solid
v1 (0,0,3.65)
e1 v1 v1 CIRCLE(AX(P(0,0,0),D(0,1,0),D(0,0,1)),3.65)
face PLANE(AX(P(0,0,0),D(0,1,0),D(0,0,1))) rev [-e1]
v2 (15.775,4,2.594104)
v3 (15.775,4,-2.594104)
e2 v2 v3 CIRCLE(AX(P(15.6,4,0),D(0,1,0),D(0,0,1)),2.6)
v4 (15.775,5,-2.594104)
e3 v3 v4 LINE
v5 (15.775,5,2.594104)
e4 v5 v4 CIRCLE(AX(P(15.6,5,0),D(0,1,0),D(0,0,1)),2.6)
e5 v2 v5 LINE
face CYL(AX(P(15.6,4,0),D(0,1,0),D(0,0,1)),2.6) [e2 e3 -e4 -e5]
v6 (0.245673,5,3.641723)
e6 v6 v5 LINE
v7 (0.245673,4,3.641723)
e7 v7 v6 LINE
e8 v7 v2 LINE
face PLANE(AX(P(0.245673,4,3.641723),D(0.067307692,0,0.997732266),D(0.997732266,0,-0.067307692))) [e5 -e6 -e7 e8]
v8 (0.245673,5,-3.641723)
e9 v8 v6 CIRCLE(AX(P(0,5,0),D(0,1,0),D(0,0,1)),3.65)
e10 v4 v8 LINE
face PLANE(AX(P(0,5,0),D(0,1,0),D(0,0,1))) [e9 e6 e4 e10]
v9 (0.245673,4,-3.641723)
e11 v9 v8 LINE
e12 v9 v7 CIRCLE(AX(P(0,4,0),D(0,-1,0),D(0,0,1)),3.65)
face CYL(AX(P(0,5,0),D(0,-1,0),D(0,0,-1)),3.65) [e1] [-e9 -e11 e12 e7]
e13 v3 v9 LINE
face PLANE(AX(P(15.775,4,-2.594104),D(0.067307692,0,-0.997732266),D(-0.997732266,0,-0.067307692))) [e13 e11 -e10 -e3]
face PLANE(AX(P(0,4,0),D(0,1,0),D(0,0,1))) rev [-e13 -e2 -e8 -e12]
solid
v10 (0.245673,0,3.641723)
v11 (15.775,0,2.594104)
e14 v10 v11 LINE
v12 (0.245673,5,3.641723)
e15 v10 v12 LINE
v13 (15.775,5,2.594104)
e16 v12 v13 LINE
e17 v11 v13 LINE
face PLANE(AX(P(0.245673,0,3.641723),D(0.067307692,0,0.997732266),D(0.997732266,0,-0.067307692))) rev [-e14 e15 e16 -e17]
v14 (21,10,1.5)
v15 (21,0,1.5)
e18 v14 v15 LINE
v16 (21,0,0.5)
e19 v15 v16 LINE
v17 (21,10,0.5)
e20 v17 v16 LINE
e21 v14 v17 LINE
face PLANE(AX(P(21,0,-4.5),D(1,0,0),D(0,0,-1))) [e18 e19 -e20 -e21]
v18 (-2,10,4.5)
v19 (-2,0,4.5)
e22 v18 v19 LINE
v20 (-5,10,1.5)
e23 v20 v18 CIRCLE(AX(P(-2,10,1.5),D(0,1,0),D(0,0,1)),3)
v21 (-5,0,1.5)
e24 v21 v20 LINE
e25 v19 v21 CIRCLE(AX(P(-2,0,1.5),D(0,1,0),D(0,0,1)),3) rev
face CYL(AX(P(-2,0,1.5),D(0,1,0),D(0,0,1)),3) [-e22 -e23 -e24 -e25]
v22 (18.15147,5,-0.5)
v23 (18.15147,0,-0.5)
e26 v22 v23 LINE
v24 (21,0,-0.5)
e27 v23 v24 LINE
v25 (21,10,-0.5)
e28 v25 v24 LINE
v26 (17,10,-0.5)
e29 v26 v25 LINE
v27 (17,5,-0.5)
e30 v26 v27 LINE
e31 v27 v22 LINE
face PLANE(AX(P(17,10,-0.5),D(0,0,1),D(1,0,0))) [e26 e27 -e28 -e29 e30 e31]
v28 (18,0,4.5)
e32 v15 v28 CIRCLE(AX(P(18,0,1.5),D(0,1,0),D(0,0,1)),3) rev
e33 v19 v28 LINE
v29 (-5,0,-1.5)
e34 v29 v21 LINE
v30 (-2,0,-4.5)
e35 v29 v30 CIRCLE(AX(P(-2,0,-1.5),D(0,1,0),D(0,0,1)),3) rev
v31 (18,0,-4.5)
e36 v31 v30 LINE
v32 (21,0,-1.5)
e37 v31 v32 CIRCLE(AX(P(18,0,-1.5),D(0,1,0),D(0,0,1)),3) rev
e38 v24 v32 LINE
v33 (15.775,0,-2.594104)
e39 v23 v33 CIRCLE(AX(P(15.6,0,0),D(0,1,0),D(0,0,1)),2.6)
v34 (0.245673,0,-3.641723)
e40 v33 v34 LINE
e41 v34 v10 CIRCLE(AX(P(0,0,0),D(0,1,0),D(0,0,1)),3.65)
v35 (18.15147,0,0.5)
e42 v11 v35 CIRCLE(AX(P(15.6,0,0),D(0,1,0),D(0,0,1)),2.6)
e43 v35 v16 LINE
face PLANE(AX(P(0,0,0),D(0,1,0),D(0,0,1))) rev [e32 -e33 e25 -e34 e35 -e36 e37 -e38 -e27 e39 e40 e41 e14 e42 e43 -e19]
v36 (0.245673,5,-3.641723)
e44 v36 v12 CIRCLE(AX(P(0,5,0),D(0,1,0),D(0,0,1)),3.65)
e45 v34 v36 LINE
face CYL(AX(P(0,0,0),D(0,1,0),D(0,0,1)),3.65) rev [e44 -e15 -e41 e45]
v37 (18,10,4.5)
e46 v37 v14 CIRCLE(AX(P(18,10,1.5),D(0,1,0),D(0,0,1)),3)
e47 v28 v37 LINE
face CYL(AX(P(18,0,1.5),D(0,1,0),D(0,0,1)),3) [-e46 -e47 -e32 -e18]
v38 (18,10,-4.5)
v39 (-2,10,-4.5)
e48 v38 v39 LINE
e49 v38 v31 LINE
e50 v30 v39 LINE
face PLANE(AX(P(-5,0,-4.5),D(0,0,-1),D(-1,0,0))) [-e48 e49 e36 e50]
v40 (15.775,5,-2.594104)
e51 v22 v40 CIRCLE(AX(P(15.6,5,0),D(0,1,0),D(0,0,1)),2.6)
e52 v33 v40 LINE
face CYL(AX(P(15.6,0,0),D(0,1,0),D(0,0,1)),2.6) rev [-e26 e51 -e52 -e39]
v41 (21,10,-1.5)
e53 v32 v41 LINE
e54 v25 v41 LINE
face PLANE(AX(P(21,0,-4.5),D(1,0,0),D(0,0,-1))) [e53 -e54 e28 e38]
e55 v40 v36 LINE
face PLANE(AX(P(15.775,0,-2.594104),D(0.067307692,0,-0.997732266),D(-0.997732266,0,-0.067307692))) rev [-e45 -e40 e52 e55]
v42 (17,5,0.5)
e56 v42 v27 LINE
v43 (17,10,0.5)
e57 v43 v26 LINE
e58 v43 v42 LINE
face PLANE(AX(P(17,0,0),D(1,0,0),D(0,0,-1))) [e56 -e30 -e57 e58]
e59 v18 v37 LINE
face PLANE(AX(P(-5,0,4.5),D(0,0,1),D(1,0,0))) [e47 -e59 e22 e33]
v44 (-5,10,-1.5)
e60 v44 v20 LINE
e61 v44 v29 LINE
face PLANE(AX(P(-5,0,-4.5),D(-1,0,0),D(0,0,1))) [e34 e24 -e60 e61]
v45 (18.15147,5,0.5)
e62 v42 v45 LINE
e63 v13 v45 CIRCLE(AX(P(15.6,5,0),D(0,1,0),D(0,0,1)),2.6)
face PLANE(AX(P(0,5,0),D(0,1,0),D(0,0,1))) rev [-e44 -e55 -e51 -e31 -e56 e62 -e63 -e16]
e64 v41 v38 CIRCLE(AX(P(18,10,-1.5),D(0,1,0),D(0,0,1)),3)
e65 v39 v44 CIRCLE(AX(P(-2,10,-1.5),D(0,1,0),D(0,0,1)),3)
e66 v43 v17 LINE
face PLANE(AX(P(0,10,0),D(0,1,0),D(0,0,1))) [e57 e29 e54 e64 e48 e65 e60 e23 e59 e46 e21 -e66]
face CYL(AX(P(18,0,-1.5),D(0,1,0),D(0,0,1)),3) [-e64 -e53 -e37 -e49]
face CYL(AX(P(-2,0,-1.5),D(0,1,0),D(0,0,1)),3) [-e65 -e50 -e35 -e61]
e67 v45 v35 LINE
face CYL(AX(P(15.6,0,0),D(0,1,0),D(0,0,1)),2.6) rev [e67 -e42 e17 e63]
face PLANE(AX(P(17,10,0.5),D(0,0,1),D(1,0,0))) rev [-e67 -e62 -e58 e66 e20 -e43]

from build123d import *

# Parameters (mm, degrees)
SKETCH1_R               = 3.65
BOSS_EXTRUDE1_DEPTH     = 5
BOSS_EXTRUDE2_START     = -1
BOSS_EXTRUDE2_DEPTH     = 1
SKETCH4_W               = 26
SKETCH4_H               = 9
BOSS_EXTRUDE3_DEPTH     = 5
SKETCH5_W               = 26
SKETCH5_H               = 9
BOSS_EXTRUDE4_DEPTH     = 5
SKETCH6_W               = 1
SKETCH6_H               = 10
CUT_EXTRUDE_THIN1_DEPTH = 4
FILLET1_R               = 3
FILLET2_R               = 3


with BuildPart() as part:
    # Sketch1 → Boss-Extrude1 (new body)
    with BuildSketch(Plane(origin=(0, 0, 0), x_dir=(1, 0, 0), z_dir=(0, 1, 0))):
        with Locations(Location((0, 0, 0), (0, 0, 270))):
            Circle(SKETCH1_R)
    extrude(amount=BOSS_EXTRUDE1_DEPTH)

    # Sketch3 → Boss-Extrude2 (add)
    with BuildSketch(Plane(origin=(0, 5, 0), x_dir=(1, 0, 0), z_dir=(0, 1, 0)).offset(BOSS_EXTRUDE2_START)):
        with BuildLine():
            Line((0.245673077, -3.641722771), (15.775, -2.594103892))
            ThreePointArc((15.775, -2.594103892), (18.2, 0), (15.775, 2.594103892))
            Line((15.775, 2.594103892), (0.245673077, 3.641722771))
            ThreePointArc((0.245673077, 3.641722771), (3.65, 0), (0.245673077, -3.641722771))
        make_face()
    extrude(amount=BOSS_EXTRUDE2_DEPTH)


with BuildPart() as body_2:
    # Sketch4 → Boss-Extrude3 (new body)
    with BuildSketch(Plane(origin=(0, 5, 0), x_dir=(1, 0, 0), z_dir=(0, 1, 0))):
        with Locations((8, 0)):
            Rectangle(SKETCH4_W, SKETCH4_H)
        with BuildLine():
            Line((0.245673077, -3.641722771), (15.775, -2.594103892))
            ThreePointArc((15.775, -2.594103892), (18.2, 0), (15.775, 2.594103892))
            Line((15.775, 2.594103892), (0.245673077, 3.641722771))
            ThreePointArc((0.245673077, 3.641722771), (-3.65, 0), (0.245673077, -3.641722771))
        make_face(mode=Mode.SUBTRACT)
    extrude(amount=-BOSS_EXTRUDE3_DEPTH)

    # Sketch5 → Boss-Extrude4 (add)
    with BuildSketch(Plane(origin=(0, 5, 0), x_dir=(1, 0, 0), z_dir=(0, 1, 0))):
        with Locations((8, 0)):
            Rectangle(SKETCH5_W, SKETCH5_H)
    extrude(amount=BOSS_EXTRUDE4_DEPTH)

    # Sketch6 → Cut-Extrude-Thin1 (cut)
    with BuildSketch(Plane(origin=(21, 0, 0), x_dir=(0, 0, -1), z_dir=(1, 0, 0))):
        with Locations((0, 5)):
            Rectangle(SKETCH6_W, SKETCH6_H)
    extrude(amount=-CUT_EXTRUDE_THIN1_DEPTH, mode=Mode.SUBTRACT)

    # Fillet1
    fillet1_edges = [body_2.edges().sort_by_distance(p)[0] for p in [
        (-5, 5, -4.5),
        (-5, 5, 4.5),
    ]]
    fillet(fillet1_edges, radius=FILLET1_R)

    # Fillet2
    fillet2_edges = [body_2.edges().sort_by_distance(p)[0] for p in [
        (21, 5, -4.5),
        (21, 5, 4.5),
    ]]
    fillet(fillet2_edges, radius=FILLET2_R)


solid = Compound([part.part, body_2.part])
